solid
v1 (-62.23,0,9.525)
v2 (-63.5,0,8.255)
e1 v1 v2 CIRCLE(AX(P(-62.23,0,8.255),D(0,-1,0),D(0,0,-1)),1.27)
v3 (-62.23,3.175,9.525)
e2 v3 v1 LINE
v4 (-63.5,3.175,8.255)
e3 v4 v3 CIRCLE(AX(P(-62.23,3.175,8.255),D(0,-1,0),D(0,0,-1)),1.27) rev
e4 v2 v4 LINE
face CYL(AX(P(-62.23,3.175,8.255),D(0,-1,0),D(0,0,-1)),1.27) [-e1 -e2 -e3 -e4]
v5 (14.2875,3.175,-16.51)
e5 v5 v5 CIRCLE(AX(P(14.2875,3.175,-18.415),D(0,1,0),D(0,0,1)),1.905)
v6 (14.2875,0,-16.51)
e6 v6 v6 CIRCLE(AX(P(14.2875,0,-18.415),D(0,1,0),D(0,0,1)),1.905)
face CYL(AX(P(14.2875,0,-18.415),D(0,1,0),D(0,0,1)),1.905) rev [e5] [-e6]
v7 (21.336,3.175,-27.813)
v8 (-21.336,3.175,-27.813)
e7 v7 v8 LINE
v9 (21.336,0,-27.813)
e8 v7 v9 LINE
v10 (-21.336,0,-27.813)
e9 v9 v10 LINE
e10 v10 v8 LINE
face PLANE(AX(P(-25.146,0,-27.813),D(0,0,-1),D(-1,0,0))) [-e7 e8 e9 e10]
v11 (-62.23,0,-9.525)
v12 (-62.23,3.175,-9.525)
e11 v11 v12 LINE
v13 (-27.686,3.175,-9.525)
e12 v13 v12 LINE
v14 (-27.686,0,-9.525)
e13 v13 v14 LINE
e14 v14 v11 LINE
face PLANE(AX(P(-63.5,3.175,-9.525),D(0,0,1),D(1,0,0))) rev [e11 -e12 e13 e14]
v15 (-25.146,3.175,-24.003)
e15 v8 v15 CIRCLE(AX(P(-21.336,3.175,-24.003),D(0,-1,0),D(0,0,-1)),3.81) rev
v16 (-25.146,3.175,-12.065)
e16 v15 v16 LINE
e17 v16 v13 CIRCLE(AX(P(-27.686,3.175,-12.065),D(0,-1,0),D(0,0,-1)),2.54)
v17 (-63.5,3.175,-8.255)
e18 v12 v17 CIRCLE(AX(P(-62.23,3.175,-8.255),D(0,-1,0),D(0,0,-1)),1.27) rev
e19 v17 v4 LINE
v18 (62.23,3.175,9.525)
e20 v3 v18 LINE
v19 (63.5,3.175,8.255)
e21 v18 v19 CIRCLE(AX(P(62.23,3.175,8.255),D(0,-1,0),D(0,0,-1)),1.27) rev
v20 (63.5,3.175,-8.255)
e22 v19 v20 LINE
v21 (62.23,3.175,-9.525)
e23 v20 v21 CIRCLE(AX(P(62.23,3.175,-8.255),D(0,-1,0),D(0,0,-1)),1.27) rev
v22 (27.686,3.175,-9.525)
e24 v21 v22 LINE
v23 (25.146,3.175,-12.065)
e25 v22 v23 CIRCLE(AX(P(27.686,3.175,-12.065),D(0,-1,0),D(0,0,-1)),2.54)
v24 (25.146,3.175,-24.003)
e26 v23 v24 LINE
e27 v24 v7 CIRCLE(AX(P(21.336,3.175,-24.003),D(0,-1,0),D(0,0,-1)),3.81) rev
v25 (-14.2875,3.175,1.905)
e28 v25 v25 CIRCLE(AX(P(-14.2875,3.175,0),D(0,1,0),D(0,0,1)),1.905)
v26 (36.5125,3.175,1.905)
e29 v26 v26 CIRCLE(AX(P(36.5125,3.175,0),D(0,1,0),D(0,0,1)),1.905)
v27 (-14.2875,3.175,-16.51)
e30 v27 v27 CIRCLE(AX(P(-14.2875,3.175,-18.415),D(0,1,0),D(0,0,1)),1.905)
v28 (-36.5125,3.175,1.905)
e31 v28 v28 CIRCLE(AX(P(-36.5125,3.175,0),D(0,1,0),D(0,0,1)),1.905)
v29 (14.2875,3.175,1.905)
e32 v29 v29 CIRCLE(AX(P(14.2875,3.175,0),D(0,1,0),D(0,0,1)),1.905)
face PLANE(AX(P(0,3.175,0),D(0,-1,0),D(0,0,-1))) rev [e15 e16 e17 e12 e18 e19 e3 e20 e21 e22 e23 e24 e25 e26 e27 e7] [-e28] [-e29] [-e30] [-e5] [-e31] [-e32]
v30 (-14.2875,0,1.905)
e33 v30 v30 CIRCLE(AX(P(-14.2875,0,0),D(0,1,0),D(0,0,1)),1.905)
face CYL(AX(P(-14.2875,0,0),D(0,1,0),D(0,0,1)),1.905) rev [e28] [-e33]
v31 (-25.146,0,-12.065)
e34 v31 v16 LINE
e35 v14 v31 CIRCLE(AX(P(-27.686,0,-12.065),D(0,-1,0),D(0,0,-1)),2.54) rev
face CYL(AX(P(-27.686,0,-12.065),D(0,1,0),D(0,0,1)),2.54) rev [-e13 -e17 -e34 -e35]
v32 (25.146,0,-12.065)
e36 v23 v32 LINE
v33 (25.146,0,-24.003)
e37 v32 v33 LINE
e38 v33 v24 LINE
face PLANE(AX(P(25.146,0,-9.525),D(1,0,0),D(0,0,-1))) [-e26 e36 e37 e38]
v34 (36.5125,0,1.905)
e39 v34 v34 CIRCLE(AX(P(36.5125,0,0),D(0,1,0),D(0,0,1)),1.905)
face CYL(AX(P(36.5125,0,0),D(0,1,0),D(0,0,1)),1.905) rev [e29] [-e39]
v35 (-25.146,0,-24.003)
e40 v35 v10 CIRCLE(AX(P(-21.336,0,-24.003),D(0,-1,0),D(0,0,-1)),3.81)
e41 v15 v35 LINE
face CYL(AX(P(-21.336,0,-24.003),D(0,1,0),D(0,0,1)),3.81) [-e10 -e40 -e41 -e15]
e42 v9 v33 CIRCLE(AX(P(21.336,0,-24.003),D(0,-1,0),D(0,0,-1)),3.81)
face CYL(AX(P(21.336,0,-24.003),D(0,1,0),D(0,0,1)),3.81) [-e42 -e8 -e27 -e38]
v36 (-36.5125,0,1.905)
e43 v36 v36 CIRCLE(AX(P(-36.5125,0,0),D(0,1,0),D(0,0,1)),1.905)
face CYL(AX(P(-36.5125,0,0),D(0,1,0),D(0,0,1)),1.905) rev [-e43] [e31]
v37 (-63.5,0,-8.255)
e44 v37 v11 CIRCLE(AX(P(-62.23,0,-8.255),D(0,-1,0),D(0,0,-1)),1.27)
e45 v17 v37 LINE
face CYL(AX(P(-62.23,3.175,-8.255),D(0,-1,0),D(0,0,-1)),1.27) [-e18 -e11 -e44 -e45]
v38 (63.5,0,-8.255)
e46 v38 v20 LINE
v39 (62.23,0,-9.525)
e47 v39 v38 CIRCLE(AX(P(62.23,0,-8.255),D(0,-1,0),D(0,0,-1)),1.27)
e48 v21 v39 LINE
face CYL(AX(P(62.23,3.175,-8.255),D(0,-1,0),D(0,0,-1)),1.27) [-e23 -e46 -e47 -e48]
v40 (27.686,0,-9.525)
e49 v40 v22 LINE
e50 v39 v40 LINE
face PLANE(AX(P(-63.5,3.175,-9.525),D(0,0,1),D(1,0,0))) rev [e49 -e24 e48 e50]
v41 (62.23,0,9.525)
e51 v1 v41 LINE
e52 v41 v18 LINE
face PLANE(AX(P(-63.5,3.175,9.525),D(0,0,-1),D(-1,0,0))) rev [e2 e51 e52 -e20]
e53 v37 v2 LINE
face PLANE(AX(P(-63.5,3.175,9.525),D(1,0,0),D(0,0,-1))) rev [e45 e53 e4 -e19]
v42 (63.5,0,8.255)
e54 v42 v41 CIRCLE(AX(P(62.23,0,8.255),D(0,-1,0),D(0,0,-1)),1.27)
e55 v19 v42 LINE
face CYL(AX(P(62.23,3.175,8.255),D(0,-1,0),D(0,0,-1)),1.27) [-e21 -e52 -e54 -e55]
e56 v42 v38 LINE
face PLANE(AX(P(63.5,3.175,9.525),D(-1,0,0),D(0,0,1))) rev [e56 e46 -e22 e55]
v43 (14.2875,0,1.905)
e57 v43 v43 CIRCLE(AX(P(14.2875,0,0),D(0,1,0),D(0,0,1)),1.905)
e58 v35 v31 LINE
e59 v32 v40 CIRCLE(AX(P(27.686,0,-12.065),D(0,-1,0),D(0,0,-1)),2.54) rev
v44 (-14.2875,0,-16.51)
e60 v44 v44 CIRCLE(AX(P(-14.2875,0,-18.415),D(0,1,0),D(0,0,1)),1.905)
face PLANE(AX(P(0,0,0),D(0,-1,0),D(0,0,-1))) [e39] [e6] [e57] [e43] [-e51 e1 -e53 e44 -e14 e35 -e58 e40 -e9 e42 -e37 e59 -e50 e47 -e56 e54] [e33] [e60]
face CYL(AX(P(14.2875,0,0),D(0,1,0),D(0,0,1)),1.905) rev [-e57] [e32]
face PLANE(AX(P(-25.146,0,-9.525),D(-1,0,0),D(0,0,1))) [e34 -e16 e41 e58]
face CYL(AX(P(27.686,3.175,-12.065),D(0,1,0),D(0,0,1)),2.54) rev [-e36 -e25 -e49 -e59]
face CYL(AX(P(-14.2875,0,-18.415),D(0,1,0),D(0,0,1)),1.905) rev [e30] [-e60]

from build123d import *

# Parameters (mm, degrees)
SKETCH1_W           = 127
SKETCH1_H           = 19.05
BOSS_EXTRUDE1_DEPTH = 3.175
SKETCH3_W           = 50.292
SKETCH3_H           = 18.288
BOSS_EXTRUDE2_DEPTH = 3.175
SKETCH2_R           = 1.905
CUT_EXTRUDE1_DEPTH  = 4.175
FILLET1_R           = 1.27
FILLET2_R           = 2.54
FILLET3_R           = 3.81


with BuildPart() as part:
    # Sketch1 → Boss-Extrude1 (new body)
    with BuildSketch(Plane(origin=(0, 0, 0), x_dir=(1, 0, 0), z_dir=(0, 1, 0))):
        Rectangle(SKETCH1_W, SKETCH1_H)
    extrude(amount=BOSS_EXTRUDE1_DEPTH)

    # Sketch3 → Boss-Extrude2 (add, through all)
    with BuildSketch(Plane(origin=(0, 3.175, 0), x_dir=(1, 0, 0), z_dir=(0, 1, 0))):
        with Locations((0, 18.669)):
            Rectangle(SKETCH3_W, SKETCH3_H)
    extrude(amount=-BOSS_EXTRUDE2_DEPTH)

    # Sketch2 → Cut-Extrude1 (cut, through all)
    with BuildSketch(Plane(origin=(0, 3.175, 0), x_dir=(1, 0, 0), z_dir=(0, 1, 0))):
        with Locations((-36.5125, 0)):
            Circle(SKETCH2_R)
        with Locations((36.5125, 0)):
            Circle(SKETCH2_R)
        with Locations((-14.2875, 0)):
            Circle(SKETCH2_R)
        with Locations((14.2875, 0)):
            Circle(SKETCH2_R)
        with Locations((-14.2875, 18.415)):
            Circle(SKETCH2_R)
        with Locations((14.2875, 18.415)):
            Circle(SKETCH2_R)
    extrude(amount=-CUT_EXTRUDE1_DEPTH, mode=Mode.SUBTRACT)

    # Fillet1
    fillet1_edges = [part.edges().sort_by_distance(p)[0] for p in [
        (63.5, 1.5875, 9.525),
        (-63.5, 1.5875, 9.525),
        (-63.5, 1.5875, -9.525),
        (63.5, 1.5875, -9.525),
    ]]
    fillet(fillet1_edges, radius=FILLET1_R)

    # Fillet2
    fillet2_edges = [part.edges().sort_by_distance(p)[0] for p in [
        (-25.146, 1.5875, -9.525),
        (25.146, 1.5875, -9.525),
    ]]
    fillet(fillet2_edges, radius=FILLET2_R)

    # Fillet3
    fillet3_edges = [part.edges().sort_by_distance(p)[0] for p in [
        (-25.146, 1.5875, -27.813),
        (25.146, 1.5875, -27.813),
    ]]
    fillet(fillet3_edges, radius=FILLET3_R)


solid = part.part
